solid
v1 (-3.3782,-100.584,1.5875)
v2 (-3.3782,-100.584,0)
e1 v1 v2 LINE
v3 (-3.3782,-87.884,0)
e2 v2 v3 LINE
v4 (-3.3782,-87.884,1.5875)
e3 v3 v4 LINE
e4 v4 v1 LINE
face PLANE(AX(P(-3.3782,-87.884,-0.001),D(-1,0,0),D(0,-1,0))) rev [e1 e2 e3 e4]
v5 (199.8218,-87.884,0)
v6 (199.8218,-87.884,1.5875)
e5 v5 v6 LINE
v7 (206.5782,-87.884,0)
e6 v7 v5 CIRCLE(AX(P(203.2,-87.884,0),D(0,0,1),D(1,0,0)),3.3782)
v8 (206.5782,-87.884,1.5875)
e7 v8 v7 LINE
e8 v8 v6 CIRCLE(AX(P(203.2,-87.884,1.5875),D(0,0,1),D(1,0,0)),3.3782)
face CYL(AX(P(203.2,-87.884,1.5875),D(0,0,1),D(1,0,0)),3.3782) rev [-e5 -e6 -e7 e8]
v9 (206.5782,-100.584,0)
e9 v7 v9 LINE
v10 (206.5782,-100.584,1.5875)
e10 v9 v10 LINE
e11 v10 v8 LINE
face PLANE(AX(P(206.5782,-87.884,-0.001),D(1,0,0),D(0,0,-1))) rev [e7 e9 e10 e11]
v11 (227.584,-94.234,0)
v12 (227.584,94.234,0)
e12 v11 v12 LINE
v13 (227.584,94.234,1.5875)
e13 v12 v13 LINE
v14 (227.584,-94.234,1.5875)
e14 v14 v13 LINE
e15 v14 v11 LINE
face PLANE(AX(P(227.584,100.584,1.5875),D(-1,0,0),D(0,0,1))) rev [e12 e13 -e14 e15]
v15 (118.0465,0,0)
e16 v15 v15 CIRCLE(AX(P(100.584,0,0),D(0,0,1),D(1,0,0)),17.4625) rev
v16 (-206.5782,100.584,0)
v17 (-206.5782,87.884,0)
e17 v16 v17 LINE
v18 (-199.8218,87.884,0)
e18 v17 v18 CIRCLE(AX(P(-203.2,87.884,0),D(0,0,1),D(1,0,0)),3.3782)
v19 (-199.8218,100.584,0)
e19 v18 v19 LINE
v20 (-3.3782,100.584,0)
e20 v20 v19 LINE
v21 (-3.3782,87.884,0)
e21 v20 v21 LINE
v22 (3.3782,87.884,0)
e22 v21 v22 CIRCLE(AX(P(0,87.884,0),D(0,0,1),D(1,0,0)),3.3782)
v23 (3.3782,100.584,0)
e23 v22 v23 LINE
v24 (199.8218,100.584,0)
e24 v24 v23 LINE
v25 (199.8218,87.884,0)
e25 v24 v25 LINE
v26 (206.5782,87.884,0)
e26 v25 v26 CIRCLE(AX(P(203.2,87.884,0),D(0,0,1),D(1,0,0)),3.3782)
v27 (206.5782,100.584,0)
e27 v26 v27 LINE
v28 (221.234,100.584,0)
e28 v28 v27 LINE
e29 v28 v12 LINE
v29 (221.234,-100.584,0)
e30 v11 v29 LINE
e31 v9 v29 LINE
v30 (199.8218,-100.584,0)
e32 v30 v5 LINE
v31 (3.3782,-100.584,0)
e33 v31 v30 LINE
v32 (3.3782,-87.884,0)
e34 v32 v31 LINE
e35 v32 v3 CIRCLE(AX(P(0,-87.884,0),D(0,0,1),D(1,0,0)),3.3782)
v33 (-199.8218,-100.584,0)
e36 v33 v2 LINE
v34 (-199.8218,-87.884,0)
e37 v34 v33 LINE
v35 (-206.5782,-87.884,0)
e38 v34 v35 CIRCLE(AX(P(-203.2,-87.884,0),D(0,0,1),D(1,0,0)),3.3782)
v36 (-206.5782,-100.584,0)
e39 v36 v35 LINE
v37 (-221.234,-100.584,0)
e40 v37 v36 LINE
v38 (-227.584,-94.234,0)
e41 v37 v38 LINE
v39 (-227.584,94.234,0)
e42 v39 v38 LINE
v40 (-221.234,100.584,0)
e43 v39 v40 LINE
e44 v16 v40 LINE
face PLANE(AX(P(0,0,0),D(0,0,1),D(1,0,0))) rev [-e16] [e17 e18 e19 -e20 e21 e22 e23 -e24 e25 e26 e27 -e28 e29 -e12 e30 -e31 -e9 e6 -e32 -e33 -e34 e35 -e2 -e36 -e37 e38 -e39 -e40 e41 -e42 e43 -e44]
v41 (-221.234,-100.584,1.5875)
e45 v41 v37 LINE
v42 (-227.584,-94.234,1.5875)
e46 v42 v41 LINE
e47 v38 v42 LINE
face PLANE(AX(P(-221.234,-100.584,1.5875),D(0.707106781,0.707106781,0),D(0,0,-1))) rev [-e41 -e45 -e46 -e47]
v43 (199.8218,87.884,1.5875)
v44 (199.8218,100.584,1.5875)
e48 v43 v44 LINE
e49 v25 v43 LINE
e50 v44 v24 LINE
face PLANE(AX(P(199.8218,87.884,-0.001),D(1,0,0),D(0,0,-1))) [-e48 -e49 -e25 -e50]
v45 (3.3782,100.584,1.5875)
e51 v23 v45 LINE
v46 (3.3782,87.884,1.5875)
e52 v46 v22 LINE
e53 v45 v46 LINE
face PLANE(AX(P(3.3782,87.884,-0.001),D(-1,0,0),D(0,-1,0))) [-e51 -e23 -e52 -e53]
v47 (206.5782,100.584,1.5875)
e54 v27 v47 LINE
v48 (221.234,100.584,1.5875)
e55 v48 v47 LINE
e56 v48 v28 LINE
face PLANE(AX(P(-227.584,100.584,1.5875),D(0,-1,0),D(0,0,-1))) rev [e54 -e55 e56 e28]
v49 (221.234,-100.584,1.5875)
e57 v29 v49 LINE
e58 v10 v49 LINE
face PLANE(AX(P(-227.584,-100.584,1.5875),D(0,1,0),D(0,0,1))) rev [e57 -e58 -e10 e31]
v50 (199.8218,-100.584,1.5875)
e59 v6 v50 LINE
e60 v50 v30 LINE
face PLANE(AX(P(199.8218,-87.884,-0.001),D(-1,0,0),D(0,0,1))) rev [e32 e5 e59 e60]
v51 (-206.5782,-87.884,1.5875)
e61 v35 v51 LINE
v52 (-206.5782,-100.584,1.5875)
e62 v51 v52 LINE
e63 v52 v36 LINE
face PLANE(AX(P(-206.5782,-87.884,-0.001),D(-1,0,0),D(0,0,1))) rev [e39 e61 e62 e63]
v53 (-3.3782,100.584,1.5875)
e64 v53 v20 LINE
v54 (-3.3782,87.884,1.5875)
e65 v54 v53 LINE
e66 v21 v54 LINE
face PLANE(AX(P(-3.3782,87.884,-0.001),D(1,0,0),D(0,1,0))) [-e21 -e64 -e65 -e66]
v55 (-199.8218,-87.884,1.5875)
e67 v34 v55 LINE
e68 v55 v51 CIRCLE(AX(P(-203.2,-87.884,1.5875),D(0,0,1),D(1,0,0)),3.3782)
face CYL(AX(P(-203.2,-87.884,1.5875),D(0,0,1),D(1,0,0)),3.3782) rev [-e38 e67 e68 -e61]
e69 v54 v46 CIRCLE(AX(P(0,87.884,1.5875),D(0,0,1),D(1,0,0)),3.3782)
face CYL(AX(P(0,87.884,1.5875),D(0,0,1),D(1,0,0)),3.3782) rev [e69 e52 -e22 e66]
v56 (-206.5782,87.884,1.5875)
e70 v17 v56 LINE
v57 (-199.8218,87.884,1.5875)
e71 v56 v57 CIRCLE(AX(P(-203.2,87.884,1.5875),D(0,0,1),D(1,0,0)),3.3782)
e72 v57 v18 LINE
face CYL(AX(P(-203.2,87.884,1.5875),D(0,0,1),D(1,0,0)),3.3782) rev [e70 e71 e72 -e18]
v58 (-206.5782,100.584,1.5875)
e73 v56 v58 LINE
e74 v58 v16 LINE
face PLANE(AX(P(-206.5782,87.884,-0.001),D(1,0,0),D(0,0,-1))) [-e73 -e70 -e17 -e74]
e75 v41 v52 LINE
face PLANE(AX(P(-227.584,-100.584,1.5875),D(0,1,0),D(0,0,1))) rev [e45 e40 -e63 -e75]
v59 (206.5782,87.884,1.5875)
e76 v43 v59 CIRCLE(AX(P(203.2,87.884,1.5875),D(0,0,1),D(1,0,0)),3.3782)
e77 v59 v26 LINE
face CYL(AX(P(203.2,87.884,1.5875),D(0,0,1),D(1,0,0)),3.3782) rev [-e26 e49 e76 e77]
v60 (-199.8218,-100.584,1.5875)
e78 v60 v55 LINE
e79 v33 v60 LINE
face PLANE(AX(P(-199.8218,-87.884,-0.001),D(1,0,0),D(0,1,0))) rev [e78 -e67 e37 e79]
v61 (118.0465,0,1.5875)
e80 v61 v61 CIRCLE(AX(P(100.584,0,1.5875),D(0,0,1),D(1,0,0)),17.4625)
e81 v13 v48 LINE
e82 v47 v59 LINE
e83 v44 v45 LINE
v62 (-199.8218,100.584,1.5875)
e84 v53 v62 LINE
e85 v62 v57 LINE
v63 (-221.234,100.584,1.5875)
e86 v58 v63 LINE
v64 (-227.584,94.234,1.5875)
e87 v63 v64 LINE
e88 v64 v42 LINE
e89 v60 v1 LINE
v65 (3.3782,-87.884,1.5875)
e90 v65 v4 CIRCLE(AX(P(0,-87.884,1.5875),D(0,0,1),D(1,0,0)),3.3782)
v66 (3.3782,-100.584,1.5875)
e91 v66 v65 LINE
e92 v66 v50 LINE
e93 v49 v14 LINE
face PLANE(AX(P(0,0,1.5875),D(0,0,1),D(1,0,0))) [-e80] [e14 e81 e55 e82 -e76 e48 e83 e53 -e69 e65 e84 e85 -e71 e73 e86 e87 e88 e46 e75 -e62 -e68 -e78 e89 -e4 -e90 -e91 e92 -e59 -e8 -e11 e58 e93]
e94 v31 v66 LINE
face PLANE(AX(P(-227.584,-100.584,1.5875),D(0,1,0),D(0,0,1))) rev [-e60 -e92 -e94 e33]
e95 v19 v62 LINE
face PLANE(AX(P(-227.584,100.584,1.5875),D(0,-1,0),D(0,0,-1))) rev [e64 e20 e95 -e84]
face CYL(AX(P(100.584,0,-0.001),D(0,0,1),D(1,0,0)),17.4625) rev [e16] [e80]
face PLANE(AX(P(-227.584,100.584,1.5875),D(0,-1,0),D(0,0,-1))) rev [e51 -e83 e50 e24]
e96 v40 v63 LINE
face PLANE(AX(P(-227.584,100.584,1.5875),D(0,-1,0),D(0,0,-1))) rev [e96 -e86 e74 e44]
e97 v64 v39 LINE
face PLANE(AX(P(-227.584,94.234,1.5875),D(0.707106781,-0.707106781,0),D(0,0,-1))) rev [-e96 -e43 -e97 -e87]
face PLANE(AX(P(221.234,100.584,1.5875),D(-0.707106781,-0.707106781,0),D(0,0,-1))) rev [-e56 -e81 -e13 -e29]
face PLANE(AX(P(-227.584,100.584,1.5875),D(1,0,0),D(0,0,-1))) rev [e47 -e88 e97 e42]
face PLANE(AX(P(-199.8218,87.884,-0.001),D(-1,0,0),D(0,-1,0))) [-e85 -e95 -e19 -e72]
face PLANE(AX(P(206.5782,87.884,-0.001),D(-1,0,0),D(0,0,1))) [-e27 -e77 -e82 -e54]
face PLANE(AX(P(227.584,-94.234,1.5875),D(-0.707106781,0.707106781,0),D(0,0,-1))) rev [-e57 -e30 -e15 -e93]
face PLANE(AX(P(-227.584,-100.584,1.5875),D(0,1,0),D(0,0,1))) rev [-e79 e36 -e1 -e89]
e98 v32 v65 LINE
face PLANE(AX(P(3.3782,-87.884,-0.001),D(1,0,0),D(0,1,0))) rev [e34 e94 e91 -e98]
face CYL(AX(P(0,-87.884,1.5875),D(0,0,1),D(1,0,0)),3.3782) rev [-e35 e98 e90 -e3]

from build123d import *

# Parameters (mm, degrees)
SKETCH1_W               = 455.168
SKETCH1_H               = 201.168
BOSS_EXTRUDE1_DEPTH     = 1.5875
F_1_4_CLEARANCE_HOLE1_D = 6.7564
CUT_EXTRUDE1_REACH      = 250.826
SKETCH4_R               = 17.4625
F_1_4_CLEARANCE_HOLE2_D = 6.7564
CUT_EXTRUDE2_REACH      = 250.826
SKETCH7_W               = 6.7564
SKETCH7_H               = 14.478
CHAMFER1_SIZE           = 6.35


with BuildPart() as part:
    # Sketch1 → Boss-Extrude1 (new body)
    with BuildSketch(Plane.XY):
        Rectangle(SKETCH1_W, SKETCH1_H)
    extrude(amount=BOSS_EXTRUDE1_DEPTH)

    # 1/4 Clearance Hole1 (through all)
    with Locations(Plane.XY.offset(1.5875)):
        with Locations((-203.2, 87.884), (203.2, 87.884), (-203.2, -87.884), (203.2, -87.884)):
            Hole(F_1_4_CLEARANCE_HOLE1_D / 2)

    # Sketch4 → Cut-Extrude1 (cut, up to next)
    with BuildSketch(Plane.XY.offset(1.5875), mode=Mode.PRIVATE) as cut_extrude1_sk1:
        with Locations((100.584, 0)):
            Circle(SKETCH4_R)
    cut_extrude1_tool1 = extrude(cut_extrude1_sk1.sketch, amount=-CUT_EXTRUDE1_REACH, mode=Mode.PRIVATE) & part.part
    add(cut_extrude1_tool1.solids().sort_by_distance((100.584, 0, 1.5875))[0], mode=Mode.SUBTRACT)

    # 1/4 Clearance Hole2 (through all)
    with Locations(Plane.XY.offset(1.5875)):
        with Locations((0, -87.884), (0, 87.884)):
            Hole(F_1_4_CLEARANCE_HOLE2_D / 2)

    # Sketch7 → Cut-Extrude2 (cut, up to next)
    with BuildSketch(Plane.XY.offset(1.5875), mode=Mode.PRIVATE) as cut_extrude2_sk1:
        with Locations((-203.2, -95.123)):
            Rectangle(SKETCH7_W, SKETCH7_H)
    cut_extrude2_tool1 = extrude(cut_extrude2_sk1.sketch, amount=-CUT_EXTRUDE2_REACH, mode=Mode.PRIVATE) & part.part
    # Sketch7 → Cut-Extrude2 (cut, up to next)
    with BuildSketch(Plane.XY.offset(1.5875), mode=Mode.PRIVATE) as cut_extrude2_sk2:
        with Locations((0, -95.123)):
            Rectangle(SKETCH7_W, SKETCH7_H)
    cut_extrude2_tool2 = extrude(cut_extrude2_sk2.sketch, amount=-CUT_EXTRUDE2_REACH, mode=Mode.PRIVATE) & part.part
    # Sketch7 → Cut-Extrude2 (cut, up to next)
    with BuildSketch(Plane.XY.offset(1.5875), mode=Mode.PRIVATE) as cut_extrude2_sk3:
        with Locations((203.2, -95.123)):
            Rectangle(SKETCH7_W, SKETCH7_H)
    cut_extrude2_tool3 = extrude(cut_extrude2_sk3.sketch, amount=-CUT_EXTRUDE2_REACH, mode=Mode.PRIVATE) & part.part
    cut_extrude2_1 = cut_extrude2_tool1.solids().sort_by_distance((-203.2, -95.123, 1.5875))[0]
    add(cut_extrude2_1, mode=Mode.SUBTRACT)
    cut_extrude2_2 = cut_extrude2_tool2.solids().sort_by_distance((0, -95.123, 1.5875))[0]
    add(cut_extrude2_2, mode=Mode.SUBTRACT)
    cut_extrude2_3 = cut_extrude2_tool3.solids().sort_by_distance((203.2, -95.123, 1.5875))[0]
    add(cut_extrude2_3, mode=Mode.SUBTRACT)
    cut_extrude2 = cut_extrude2_1 + cut_extrude2_2 + cut_extrude2_3  # Cut-Extrude2 as one shape, for the pattern or mirror that repeats it

    # Mirror1: Cut-Extrude2 across plane
    add(cut_extrude2.mirror(Plane.ZX), mode=Mode.SUBTRACT)

    # Chamfer1
    chamfer1_edges = [part.edges().sort_by_distance(p)[0] for p in [
        (227.584, -100.584, 0.79375),
        (-227.584, -100.584, 0.79375),
        (-227.584, 100.584, 0.79375),
        (227.584, 100.584, 0.79375),
    ]]
    chamfer(chamfer1_edges, length=CHAMFER1_SIZE)


solid = part.part
